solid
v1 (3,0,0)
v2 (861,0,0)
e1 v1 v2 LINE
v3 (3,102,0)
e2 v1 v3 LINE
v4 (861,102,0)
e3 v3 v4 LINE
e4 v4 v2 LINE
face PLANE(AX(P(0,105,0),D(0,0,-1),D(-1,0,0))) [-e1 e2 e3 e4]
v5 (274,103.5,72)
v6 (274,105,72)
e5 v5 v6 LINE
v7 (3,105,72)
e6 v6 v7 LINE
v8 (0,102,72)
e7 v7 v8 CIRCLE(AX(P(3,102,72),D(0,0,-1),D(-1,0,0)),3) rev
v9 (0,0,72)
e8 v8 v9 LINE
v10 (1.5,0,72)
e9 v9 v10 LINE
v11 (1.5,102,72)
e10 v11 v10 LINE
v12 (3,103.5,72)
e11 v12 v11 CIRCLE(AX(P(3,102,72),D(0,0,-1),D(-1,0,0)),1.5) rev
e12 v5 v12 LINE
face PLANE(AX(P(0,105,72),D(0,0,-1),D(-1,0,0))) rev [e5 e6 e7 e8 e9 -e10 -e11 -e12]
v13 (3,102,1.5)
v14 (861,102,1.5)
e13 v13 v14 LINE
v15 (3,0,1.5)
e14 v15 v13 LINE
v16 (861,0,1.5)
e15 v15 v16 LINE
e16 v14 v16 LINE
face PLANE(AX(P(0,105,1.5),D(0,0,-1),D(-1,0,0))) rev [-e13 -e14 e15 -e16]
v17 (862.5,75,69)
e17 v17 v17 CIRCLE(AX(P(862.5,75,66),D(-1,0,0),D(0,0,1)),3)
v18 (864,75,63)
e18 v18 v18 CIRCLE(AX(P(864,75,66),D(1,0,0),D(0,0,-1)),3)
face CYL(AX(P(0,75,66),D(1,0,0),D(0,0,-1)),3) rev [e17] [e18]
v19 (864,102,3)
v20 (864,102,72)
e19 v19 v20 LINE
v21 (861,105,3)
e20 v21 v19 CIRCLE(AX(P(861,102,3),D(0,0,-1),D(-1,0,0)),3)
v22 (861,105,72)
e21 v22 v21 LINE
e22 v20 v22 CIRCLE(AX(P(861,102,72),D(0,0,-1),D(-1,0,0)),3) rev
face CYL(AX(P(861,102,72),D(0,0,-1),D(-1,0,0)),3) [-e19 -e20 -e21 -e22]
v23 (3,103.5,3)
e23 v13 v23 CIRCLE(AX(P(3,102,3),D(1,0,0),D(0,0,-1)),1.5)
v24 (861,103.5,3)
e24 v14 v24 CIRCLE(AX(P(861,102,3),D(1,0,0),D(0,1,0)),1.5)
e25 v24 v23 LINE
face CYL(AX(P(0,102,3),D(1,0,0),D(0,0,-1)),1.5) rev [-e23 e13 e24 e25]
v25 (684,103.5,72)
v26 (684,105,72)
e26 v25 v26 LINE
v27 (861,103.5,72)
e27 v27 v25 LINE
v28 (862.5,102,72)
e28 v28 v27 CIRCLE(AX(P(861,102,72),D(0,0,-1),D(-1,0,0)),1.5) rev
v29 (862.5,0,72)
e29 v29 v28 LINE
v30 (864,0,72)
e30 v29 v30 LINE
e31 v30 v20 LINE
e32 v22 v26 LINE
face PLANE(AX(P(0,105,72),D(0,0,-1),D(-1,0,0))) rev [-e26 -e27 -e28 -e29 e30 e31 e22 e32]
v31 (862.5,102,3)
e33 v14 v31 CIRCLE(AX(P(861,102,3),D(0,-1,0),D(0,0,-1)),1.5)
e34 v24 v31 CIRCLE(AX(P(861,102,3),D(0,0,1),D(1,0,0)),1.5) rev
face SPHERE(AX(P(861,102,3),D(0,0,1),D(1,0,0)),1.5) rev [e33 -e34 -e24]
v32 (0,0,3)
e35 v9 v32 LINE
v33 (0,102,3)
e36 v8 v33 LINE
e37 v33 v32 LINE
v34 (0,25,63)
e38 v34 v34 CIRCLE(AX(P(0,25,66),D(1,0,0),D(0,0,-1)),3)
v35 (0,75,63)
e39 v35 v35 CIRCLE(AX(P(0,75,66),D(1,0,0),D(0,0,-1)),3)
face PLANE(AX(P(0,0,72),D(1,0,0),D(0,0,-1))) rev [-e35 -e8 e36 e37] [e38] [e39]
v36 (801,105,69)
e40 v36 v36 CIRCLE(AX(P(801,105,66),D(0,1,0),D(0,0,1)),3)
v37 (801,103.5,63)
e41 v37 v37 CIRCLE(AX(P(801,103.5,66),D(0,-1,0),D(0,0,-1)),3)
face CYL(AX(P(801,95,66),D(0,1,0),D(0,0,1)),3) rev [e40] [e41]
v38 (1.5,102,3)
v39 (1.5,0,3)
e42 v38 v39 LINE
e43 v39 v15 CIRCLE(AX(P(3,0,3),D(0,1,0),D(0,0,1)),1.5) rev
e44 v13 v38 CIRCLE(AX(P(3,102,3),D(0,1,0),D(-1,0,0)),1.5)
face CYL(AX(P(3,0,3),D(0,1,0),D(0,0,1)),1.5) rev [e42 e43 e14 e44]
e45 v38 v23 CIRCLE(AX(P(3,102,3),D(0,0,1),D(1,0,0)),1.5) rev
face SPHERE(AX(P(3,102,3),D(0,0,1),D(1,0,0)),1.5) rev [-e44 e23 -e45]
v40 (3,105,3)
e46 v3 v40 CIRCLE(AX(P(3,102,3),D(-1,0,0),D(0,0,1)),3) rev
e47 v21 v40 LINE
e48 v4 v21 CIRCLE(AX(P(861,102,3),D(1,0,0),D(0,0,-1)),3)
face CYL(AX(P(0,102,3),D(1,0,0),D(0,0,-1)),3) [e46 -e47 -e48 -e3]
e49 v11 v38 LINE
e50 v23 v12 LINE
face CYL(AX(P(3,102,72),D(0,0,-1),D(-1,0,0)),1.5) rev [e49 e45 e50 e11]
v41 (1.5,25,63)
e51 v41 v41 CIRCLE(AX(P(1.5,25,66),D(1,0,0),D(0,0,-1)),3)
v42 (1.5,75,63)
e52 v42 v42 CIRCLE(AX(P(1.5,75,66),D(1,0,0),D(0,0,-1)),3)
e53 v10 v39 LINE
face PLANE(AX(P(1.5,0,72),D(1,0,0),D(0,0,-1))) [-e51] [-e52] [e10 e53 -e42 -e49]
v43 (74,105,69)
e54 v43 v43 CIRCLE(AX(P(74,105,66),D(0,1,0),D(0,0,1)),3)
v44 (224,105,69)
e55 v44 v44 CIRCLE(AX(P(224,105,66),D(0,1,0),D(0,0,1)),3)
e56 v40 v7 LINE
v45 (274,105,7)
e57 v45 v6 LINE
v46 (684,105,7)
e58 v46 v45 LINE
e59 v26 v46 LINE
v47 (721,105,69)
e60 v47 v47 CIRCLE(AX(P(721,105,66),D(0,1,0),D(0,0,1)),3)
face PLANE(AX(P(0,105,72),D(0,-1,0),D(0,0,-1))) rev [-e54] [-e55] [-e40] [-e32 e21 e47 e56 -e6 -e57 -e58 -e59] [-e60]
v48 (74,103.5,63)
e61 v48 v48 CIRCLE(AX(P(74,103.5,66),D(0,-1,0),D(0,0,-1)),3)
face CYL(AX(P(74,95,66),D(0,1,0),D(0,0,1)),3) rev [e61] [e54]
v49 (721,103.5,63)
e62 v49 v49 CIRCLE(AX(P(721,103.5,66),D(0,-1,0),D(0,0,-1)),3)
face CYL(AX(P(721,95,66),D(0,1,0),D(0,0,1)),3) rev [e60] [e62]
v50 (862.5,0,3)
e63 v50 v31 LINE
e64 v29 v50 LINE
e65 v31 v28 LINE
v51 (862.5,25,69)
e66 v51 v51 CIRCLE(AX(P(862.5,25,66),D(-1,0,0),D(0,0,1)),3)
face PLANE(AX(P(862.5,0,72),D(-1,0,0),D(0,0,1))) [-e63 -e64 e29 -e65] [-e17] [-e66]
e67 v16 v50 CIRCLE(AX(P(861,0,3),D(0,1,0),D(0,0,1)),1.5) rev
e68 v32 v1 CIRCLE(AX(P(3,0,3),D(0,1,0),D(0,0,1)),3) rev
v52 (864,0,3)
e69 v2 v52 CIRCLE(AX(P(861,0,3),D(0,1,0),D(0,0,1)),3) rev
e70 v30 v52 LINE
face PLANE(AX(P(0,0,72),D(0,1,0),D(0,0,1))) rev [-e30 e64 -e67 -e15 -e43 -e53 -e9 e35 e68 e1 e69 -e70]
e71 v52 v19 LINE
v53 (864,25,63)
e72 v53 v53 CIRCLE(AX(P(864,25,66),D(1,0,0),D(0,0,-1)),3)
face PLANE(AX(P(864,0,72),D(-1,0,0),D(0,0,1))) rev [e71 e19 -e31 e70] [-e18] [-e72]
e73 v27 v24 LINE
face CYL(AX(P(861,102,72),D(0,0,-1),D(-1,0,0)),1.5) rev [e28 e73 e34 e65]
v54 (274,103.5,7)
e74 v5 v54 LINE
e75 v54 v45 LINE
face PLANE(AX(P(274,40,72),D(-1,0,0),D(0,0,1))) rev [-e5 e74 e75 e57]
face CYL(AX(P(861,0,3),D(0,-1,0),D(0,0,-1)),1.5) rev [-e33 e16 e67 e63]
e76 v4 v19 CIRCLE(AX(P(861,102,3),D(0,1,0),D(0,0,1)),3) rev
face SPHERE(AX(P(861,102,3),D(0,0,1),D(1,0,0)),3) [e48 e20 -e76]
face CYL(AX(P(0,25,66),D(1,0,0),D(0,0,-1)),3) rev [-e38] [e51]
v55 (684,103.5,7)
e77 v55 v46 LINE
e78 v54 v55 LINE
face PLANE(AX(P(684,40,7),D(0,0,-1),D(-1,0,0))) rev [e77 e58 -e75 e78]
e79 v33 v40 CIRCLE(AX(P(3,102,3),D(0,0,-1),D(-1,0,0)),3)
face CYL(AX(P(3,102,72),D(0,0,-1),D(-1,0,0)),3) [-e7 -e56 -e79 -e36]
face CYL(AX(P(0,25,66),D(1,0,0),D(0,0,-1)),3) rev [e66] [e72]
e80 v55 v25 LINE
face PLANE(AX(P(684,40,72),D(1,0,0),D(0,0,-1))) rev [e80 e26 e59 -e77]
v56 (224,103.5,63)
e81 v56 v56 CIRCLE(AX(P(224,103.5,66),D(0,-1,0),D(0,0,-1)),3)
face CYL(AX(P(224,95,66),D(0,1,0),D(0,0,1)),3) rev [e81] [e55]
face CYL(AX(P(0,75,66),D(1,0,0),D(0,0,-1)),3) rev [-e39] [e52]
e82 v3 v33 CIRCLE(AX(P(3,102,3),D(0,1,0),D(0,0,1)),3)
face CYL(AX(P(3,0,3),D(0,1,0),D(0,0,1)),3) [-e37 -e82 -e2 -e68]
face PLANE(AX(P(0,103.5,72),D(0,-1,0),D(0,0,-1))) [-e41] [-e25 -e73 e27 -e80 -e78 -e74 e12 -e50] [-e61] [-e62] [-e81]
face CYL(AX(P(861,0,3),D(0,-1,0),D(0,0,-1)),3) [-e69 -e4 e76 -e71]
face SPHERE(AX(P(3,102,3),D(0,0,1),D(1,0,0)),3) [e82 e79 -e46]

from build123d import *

# Parameters (mm, degrees)
SKETCH_1_W          = 864
SKETCH_1_H          = 105
EXTRUDE_1_DEPTH     = 72
FILLET_1_R          = 3
SHELL_1_T           = -1.5
SKETCH_3_W          = 410
SKETCH_3_H          = 65
CUT_EXTRUDE_2_DEPTH = 65
SKETCH_4_R          = 3
CUT_EXTRUDE_3_DEPTH = 874.329834599
SKETCH_5_R          = 3
CUT_EXTRUDE_4_DEPTH = 10


with BuildPart() as part:
    # 草图1 → 凸台-拉伸1 (new body)
    with BuildSketch(Plane.XY):
        with Locations((432, 52.5)):
            Rectangle(SKETCH_1_W, SKETCH_1_H)
    extrude(amount=EXTRUDE_1_DEPTH)

    # 圆角1
    fillet_1_edges = [part.edges().sort_by_distance(p)[0] for p in [
        (432, 105, 0),
        (864, 52.5, 0),
        (0, 52.5, 0),
        (0, 105, 36),
        (864, 105, 36),
    ]]
    fillet(fillet_1_edges, radius=FILLET_1_R)

    # 抽壳1
    shell_1_openings = [part.faces().sort_by_distance(p)[0] for p in [
        (432, 52.497793003, 72),
        (432, 0, 36.002193962),
    ]]
    offset(amount=SHELL_1_T, openings=shell_1_openings, kind=Kind.INTERSECTION)

    # 草图3 → 切除-拉伸2 (cut)
    with BuildSketch(Plane(origin=(0, 105, 0), x_dir=(1, 0, 0), z_dir=(0, 1, 0))):
        with Locations((479, -39.5)):
            Rectangle(SKETCH_3_W, SKETCH_3_H)
    extrude(amount=-CUT_EXTRUDE_2_DEPTH, mode=Mode.SUBTRACT)

    # 草图4 → 切除-拉伸3 (cut, through all)
    with BuildSketch(Plane(origin=(864, 0, 0), x_dir=(0, 0, -1), z_dir=(1, 0, 0))):
        with Locations((-66, 75)):
            Circle(SKETCH_4_R)
        with Locations((-66, 25)):
            Circle(SKETCH_4_R)
    extrude(amount=-CUT_EXTRUDE_3_DEPTH, mode=Mode.SUBTRACT)

    # 草图5 → 切除-拉伸4 (cut)
    with BuildSketch(Plane(origin=(0, 105, 0), x_dir=(1, 0, 0), z_dir=(0, 1, 0))):
        with Locations(Location((721, -66, 0), (0, 0, 270))):
            Circle(SKETCH_5_R)
        with Locations(Location((801, -66, 0), (0, 0, 270))):
            Circle(SKETCH_5_R)
        with Locations(Location((74, -66, 0), (0, 0, 270))):
            Circle(SKETCH_5_R)
        with Locations(Location((224, -66, 0), (0, 0, 270))):
            Circle(SKETCH_5_R)
    extrude(amount=-CUT_EXTRUDE_4_DEPTH, mode=Mode.SUBTRACT)


solid = part.part
